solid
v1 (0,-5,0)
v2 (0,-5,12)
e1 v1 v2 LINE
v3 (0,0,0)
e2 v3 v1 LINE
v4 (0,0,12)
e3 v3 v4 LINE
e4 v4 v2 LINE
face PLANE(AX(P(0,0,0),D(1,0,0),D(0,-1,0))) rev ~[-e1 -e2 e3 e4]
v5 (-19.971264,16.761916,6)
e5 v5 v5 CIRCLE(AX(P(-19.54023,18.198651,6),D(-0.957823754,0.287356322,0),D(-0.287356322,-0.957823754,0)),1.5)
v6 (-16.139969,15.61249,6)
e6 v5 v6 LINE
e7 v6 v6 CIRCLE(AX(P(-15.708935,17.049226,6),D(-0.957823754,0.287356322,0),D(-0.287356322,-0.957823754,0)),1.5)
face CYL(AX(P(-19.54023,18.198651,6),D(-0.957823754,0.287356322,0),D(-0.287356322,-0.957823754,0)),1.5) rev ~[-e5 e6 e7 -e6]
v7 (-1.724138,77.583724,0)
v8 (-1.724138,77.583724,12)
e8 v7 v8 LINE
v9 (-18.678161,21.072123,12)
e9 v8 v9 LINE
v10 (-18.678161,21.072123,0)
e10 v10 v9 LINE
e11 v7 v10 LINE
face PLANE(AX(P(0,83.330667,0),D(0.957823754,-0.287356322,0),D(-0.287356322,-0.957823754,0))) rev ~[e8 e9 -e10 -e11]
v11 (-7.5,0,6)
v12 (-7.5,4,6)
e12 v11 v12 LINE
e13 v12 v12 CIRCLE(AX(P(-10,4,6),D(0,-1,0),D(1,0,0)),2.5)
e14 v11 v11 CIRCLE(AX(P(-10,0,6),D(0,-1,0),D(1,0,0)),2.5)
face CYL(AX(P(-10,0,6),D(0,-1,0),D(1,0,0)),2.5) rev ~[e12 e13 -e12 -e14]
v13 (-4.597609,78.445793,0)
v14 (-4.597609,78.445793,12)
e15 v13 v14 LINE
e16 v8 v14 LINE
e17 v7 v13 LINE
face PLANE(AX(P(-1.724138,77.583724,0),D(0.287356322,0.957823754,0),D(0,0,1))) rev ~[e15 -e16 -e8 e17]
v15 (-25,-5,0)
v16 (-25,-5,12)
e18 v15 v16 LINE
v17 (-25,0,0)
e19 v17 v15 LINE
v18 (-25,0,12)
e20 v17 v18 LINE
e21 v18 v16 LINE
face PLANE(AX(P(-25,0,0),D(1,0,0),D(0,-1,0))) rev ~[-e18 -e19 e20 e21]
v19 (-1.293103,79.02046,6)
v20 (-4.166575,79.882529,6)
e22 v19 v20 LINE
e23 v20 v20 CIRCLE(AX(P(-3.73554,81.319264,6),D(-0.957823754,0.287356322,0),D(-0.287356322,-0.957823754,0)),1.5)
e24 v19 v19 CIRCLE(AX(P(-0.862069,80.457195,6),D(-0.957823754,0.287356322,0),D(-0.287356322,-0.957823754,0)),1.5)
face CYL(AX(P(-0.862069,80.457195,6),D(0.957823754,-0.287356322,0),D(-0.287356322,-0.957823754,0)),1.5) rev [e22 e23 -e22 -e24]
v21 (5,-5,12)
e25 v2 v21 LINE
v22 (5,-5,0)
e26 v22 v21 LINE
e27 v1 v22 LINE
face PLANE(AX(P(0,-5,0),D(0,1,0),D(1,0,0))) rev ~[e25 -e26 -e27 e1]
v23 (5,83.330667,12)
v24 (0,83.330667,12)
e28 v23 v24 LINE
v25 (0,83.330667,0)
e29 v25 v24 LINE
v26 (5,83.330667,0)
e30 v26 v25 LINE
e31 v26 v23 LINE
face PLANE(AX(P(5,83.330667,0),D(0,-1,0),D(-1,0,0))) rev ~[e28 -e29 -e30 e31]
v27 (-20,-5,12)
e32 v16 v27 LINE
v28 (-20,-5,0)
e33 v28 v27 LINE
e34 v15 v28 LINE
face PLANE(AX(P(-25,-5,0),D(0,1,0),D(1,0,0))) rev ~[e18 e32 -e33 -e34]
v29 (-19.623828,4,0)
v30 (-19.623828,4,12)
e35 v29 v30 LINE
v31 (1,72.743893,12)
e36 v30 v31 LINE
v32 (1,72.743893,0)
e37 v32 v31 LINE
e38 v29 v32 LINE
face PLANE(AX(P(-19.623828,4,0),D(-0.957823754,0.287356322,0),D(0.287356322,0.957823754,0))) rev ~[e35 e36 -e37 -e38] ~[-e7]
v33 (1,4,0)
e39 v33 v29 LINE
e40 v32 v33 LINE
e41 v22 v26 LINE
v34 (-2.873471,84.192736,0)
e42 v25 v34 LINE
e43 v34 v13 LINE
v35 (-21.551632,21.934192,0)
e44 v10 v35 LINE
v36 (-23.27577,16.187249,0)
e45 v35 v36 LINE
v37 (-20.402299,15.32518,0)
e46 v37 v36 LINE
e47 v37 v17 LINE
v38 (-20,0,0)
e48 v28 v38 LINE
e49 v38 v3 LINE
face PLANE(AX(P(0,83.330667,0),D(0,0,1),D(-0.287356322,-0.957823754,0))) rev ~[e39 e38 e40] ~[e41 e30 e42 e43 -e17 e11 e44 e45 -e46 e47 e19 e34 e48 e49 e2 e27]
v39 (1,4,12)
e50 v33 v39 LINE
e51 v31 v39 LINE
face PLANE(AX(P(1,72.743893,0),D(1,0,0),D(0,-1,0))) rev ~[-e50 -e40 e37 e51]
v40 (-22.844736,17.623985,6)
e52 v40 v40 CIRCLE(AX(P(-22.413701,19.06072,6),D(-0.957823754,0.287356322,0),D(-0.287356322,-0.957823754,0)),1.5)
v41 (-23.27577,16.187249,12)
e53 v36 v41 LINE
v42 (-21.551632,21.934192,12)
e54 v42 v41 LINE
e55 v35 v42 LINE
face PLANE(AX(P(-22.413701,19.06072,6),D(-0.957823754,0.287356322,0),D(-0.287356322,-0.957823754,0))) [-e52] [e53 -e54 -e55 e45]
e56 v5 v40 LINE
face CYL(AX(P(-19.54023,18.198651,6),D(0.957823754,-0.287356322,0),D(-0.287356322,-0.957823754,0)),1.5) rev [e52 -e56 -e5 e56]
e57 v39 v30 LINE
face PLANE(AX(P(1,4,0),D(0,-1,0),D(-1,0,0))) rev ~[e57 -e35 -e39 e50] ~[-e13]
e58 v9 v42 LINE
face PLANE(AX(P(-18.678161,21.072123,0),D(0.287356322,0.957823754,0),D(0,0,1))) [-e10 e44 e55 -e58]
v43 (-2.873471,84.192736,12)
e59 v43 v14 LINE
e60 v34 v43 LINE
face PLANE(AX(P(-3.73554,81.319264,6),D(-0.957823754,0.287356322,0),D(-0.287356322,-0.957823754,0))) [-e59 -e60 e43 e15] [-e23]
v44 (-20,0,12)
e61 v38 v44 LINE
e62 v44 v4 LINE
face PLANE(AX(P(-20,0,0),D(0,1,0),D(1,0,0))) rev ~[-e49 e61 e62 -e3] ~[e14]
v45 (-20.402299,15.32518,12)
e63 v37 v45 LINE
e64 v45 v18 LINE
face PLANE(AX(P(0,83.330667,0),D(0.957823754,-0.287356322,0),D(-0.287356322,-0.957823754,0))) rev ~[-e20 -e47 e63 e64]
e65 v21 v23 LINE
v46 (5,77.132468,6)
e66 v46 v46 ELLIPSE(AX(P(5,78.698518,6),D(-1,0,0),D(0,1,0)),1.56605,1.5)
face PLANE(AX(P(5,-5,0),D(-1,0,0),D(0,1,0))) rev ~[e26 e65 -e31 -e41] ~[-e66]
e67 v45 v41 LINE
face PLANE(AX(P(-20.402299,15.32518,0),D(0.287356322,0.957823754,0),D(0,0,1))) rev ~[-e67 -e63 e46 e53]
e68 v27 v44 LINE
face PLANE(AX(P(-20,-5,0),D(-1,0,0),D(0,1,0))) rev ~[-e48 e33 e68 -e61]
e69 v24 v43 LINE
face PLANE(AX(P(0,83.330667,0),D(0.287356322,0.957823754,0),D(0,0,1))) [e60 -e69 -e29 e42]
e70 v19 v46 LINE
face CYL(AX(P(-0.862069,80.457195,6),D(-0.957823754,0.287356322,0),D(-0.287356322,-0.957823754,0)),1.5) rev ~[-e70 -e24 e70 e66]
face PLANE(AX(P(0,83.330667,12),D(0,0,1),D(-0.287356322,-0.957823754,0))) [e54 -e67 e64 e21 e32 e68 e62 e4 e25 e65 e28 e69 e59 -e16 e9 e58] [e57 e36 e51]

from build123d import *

# Parameters (mm, degrees)
F1_DEPTH = 12
F2_R     = 2.5
F3_DEPTH = 4
F4_W     = 6
F4_H     = 12
F4_R     = 1.5
F5_DEPTH = 3
F6_DEPTH = 6.5712102501


with BuildPart() as f1:
    # F0 (on Top) → F1 (new body)
    with BuildSketch(Plane.XY):
        Polygon((-20, -5), (-20, 0), (0, 0), (0, -5), (5, -5), (5, 83.330666624), (0, 83.330666624), (-25, 0), (-25, -5), align=None)
        Polygon((1, 4), (-19.6238279597, 4), (1, 72.743893289), align=None, mode=Mode.SUBTRACT)
    extrude(amount=F1_DEPTH)

    # F2 (on face) → F3 (cut, through all)
    with BuildSketch(Plane.XZ):
        with Locations((-10, 6)):
            Circle(F2_R)
    extrude(amount=-F3_DEPTH, mode=Mode.SUBTRACT)

    # F4 (on face) → F5 (join)
    with BuildSketch(Plane(origin=(-22.9356586075, 6.8809177751, 0), x_dir=(-0.2873563218, -0.9578237543, 0), z_dir=(-0.9578237543, 0.2873563218, 0))):
        with Locations((-76.816091954, 6)):
            Rectangle(F4_W, F4_H)
        with Locations((-76.816091954, 6)):
            Circle(F4_R, mode=Mode.SUBTRACT)
        with Locations((-11.816091954, 6)):
            Rectangle(F4_W, F4_H)
        with Locations((-11.816091954, 6)):
            Circle(F4_R, mode=Mode.SUBTRACT)
    extrude(amount=F5_DEPTH)

    # F4 (on face) → F6 (cut, through all)
    with BuildSketch(Plane(origin=(-22.9356586075, 6.8809177751, 0), x_dir=(-0.2873563218, -0.9578237543, 0), z_dir=(-0.9578237543, 0.2873563218, 0))):
        with Locations((-76.816091954, 6)):
            Circle(F4_R)
        with Locations((-11.816091954, 6)):
            Circle(F4_R)
    extrude(amount=-F6_DEPTH, mode=Mode.SUBTRACT)


solid = f1.part
